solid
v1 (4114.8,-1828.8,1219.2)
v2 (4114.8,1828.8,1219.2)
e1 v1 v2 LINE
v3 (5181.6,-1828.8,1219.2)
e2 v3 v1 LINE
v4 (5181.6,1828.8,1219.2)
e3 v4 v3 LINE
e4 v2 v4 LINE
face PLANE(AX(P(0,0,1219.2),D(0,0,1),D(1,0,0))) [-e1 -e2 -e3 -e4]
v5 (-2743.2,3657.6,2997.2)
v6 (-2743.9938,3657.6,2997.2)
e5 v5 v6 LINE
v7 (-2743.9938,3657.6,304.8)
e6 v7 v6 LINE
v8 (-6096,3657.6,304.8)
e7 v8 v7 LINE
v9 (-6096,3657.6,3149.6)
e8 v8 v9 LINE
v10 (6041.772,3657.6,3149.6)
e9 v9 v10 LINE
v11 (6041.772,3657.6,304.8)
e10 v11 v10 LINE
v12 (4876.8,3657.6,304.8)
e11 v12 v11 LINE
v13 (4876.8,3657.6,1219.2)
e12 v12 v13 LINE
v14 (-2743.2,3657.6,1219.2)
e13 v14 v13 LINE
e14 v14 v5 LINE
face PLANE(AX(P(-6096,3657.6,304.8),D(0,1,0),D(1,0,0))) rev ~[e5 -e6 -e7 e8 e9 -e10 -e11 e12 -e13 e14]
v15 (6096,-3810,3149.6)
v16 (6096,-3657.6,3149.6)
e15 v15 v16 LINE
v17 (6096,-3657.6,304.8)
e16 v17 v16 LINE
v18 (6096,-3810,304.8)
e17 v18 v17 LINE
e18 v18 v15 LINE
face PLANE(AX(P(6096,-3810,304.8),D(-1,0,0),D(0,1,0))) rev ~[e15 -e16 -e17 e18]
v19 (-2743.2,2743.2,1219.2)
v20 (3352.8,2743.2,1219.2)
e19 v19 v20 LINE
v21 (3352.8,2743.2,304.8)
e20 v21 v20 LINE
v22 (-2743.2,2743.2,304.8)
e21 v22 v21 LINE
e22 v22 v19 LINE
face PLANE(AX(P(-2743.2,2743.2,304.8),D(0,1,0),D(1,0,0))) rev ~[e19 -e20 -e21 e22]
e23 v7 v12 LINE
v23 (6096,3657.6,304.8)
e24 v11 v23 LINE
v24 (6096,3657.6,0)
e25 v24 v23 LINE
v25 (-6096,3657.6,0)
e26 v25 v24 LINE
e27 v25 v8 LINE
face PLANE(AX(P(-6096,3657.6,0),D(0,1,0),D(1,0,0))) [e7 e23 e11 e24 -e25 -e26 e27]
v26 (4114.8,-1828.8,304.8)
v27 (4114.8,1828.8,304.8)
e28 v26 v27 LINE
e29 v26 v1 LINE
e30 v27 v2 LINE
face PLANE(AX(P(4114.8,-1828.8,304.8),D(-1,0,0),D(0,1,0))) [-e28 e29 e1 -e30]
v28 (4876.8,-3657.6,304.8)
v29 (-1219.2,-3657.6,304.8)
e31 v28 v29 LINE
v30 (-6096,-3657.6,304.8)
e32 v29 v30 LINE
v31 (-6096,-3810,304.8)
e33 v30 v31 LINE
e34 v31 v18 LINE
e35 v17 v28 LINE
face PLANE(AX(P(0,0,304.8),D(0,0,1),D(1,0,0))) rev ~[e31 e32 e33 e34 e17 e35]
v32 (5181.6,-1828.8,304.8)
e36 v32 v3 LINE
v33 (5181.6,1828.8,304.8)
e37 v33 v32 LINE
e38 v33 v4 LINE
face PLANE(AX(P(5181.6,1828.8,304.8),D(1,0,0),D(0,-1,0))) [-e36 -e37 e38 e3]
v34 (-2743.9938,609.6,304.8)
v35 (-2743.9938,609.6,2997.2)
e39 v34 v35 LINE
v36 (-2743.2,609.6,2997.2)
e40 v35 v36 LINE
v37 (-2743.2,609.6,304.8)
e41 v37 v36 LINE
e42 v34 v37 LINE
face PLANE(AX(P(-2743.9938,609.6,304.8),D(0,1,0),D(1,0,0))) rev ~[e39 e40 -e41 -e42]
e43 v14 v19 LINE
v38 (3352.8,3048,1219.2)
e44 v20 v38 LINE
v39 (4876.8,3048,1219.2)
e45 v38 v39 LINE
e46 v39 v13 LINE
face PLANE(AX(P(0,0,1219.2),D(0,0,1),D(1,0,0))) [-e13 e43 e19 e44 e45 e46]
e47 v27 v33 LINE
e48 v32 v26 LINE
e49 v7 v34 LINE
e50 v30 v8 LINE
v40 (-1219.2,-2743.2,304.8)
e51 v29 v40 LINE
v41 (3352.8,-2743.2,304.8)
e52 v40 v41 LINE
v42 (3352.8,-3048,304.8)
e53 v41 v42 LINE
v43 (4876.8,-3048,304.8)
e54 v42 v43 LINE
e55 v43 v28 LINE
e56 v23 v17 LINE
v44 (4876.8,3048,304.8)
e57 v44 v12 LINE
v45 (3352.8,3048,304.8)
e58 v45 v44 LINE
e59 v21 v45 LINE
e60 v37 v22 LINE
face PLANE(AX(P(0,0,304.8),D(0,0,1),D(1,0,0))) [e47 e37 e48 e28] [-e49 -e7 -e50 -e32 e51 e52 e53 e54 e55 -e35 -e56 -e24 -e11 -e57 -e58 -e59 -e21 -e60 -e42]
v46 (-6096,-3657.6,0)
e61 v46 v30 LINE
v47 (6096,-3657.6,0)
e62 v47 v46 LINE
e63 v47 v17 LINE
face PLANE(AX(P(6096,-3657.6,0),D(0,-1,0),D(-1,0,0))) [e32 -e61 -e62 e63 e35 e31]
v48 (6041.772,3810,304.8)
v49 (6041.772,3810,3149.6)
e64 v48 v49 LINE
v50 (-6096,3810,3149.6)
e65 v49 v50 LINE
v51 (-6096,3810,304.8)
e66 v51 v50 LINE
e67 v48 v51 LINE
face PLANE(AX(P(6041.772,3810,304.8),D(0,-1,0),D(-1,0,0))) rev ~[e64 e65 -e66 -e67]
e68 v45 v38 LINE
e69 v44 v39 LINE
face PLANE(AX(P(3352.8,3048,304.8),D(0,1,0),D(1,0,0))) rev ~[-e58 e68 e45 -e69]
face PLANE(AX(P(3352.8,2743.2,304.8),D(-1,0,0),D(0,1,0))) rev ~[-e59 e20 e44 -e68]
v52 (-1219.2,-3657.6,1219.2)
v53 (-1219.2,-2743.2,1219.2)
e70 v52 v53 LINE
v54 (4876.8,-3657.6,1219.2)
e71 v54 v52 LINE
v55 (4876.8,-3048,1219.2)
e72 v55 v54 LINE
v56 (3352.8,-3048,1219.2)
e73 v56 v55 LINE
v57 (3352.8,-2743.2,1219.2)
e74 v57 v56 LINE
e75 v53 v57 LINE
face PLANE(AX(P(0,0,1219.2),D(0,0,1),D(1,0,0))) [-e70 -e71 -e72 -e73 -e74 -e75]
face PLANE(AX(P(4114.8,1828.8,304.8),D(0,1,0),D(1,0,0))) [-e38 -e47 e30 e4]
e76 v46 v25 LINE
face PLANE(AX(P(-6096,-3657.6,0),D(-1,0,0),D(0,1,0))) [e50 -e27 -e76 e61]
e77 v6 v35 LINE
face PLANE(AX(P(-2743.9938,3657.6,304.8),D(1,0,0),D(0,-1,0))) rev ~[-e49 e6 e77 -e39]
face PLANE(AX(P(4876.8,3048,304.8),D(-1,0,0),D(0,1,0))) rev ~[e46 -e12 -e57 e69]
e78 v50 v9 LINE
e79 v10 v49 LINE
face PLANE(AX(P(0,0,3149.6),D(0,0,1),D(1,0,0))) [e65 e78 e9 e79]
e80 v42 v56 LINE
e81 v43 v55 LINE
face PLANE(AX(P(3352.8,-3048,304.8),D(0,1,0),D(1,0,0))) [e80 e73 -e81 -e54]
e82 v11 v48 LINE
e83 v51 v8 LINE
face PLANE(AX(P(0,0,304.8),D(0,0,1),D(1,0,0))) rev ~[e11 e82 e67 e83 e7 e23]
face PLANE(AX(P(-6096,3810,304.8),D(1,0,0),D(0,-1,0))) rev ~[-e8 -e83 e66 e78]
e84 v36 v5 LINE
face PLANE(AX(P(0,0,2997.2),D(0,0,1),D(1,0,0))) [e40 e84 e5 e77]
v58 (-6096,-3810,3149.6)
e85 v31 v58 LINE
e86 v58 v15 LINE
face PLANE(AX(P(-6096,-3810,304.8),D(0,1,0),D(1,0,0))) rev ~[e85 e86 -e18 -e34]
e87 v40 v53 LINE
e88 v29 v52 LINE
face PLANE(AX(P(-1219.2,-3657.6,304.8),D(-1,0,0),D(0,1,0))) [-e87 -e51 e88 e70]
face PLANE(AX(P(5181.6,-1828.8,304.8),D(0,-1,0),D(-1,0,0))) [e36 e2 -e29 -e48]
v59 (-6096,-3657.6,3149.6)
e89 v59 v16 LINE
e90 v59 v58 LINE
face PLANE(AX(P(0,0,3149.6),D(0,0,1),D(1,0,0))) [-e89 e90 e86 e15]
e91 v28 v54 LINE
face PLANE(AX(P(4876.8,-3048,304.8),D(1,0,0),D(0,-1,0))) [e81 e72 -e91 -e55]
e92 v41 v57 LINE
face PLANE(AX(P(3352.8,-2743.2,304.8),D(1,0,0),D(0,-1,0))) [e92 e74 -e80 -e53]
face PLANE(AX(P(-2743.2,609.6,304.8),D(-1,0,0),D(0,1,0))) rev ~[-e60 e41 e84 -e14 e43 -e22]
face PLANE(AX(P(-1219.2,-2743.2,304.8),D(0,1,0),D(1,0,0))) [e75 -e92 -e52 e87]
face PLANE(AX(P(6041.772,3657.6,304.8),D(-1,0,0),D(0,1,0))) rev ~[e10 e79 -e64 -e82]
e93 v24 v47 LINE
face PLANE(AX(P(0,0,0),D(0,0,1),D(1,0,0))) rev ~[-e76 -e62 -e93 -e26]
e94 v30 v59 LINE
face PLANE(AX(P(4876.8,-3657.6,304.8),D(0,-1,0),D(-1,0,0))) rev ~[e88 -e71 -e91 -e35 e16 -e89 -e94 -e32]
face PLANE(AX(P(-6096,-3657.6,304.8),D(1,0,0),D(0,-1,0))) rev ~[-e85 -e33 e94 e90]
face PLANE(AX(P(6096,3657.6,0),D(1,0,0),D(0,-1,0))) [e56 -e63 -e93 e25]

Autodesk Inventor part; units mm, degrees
ref_plane "YZ Plane" through (0, 0, 0) normal (1, 0, 0) x (0, 1, 0)
ref_plane "XZ Plane" through (0, 0, 0) normal (0, 1, 0) x (-1, 0, 0)
ref_plane "XY Plane" through (0, 0, 0) normal (0, 0, 1) x (1, 0, 0)
sketch "Sketch1" plane through (0, 0, 0) normal (0, 0, 1) x (1, 0, 0)
  line L0 (6096, -3657.6) -> (-6096, -3657.6)
  line L1 (-6096, -3657.6) -> (-6096, 3657.6)
  line L2 (-6096, 3657.6) -> (6096, 3657.6)
  line L3 (6096, 3657.6) -> (6096, -3657.6)
  line L4 (6096, -3657.6) -> (-6096, 3657.6) construction
  line L5 (-6096, -3657.6) -> (6096, 3657.6) construction
  point P0 (0, 0)
  dimension "d0" = 12192
  dimension "d1" = 7315.2
extrude "Floor" add sketch "Sketch1" along normal blind 304.8
sketch "Sketch2" plane through (0, 0, 304.8) normal (0, 0, 1) x (1, 0, 0)
  line L0 (4114.8, 1828.8) -> (5181.6, 1828.8)
  line L1 (5181.6, 1828.8) -> (5181.6, -1828.8)
  line L2 (5181.6, -1828.8) -> (4114.8, -1828.8)
  line L3 (4114.8, -1828.8) -> (4114.8, 1828.8)
  line L4 (4114.8, 1828.8) -> (5181.6, -1828.8) construction
  line L5 (5181.6, 1828.8) -> (4114.8, -1828.8) construction
  line L6 (6096, -3657.6) -> (6096, 3657.6) projected
  line L7 (-6096, -3657.6) -> (6096, -3657.6) projected
  point P0 (0, 0)
  point P1 (4648.2, 0)
  dimension "d4" = 914.4
  dimension "d5" = 1828.8
  dimension "d6" = 1066.8
  dimension "d7" = 3657.6
extrude "Desk" add sketch "Sketch2" along normal blind 914.4
sketch "Sketch3" plane through (0, 0, 304.8) normal (0, 0, 1) x (1, 0, 0)
  line L0 (3352.8, -3048) -> (4876.8, -3048)
  line L1 (4876.8, -3048) -> (4876.8, -3657.6)
  line L2 (4876.8, -3657.6) -> (3352.8, -3657.6)
  line L3 (3352.8, -3657.6) -> (3352.8, -3048)
  line L4 (3352.8, -3048) -> (4876.8, -3657.6) construction
  line L5 (4876.8, -3048) -> (3352.8, -3657.6) construction
  line L6 (6096, -3657.6) -> (6096, 3657.6) projected
  line L7 (-6096, -3657.6) -> (6096, -3657.6) projected
  line L8 (-6096, 0) -> (6153.2675, 0) construction
  line L9 (3352.8, 3048) -> (4876.8, 3048)
  line L10 (4876.8, 3048) -> (4876.8, 3657.6)
  line L11 (4876.8, 3657.6) -> (3352.8, 3657.6)
  line L12 (3352.8, 3657.6) -> (3352.8, 3048)
  point P0 (0, 0)
  point P1 (4114.8, -3352.8)
  point P2 (4114.8, 3352.8)
  dimension "d10" = 609.6
  dimension "d11" = 1524
  dimension "d12" = 1219.2
  dimension "d13" = 0
extrude "Sinks" add sketch "Sketch3" along normal blind 914.4
sketch "Sketch4" plane through (0, 0, 304.8) normal (0, 0, 1) x (1, 0, 0)
  line L0 (3352.8, 3657.6) -> (-2743.2, 3657.6)
  line L1 (-2743.2, 3657.6) -> (-2743.2, 2743.2)
  line L2 (-2743.2, 2743.2) -> (3352.8, 2743.2)
  line L3 (3352.8, 2743.2) -> (3352.8, 3657.6)
  line L4 (3352.8, -3657.6) -> (4876.8, -3657.6) projected
  line L5 (3352.8, -3657.6) -> (-1219.2, -3657.6)
  line L6 (-1219.2, -3657.6) -> (-1219.2, -2743.2)
  line L7 (-1219.2, -2743.2) -> (3352.8, -2743.2)
  line L8 (3352.8, -2743.2) -> (3352.8, -3657.6)
  point P0 (0, 0)
  dimension "d16" = 914.4
  dimension "d17" = 6096
  dimension "d18" = 4572
  dimension "d19" = 914.4
extrude "Counters" add sketch "Sketch4" along normal blind 914.4
sketch "Sketch5" plane through (0, 0, 304.8) normal (0, 0, 1) x (1, 0, 0)
  line L0 (-6096, 3657.6) -> (-6096, -3657.6) projected
  line L1 (-6096, 3657.6) -> (6041.772, 3657.6)
  line L2 (6041.772, 3657.6) -> (6041.772, 3810)
  line L3 (6041.772, 3810) -> (-6096, 3810)
  line L4 (-6096, 3810) -> (-6096, 3657.6)
  line L5 (4876.8, -3657.6) -> (6096, -3657.6) projected
  line L6 (6096, -3657.6) -> (-6096, -3657.6)
  line L7 (-6096, -3657.6) -> (-6096, -3810)
  line L8 (-6096, -3810) -> (6096, -3810)
  line L9 (6096, -3810) -> (6096, -3657.6)
  point P0 (0, 0)
  dimension "d22" = 152.4
  dimension "d23" = 152.4
extrude "Room Walls" add sketch "Sketch5" along normal blind 2844.8
sketch "Sketch6" plane through (-6096, 3657.6, 304.8) normal (0, -1, 0) x (1, 0, 0)
  line L0 (12192, 0) -> (12192, 2844.8) projected
  line L1 (0, 0) -> (0, 2844.8) projected
  line L2 (12192, 2844.8) -> (0, 2844.8)
  line L3 (0, 2844.8) -> (0, 2692.4)
  line L4 (0, 2692.4) -> (12192, 2692.4)
  line L5 (12192, 2692.4) -> (12192, 2844.8)
  point P0 (6096, -304.8)
  dimension "d26" = 152.4
extrude "Roof" [suppressed]
sketch "Sketch7" plane through (0, 0, 304.8) normal (0, 0, 1) x (1, 0, 0)
  line L0 (-2743.2, 3657.6) -> (-2743.9938, 3657.6)
  line L1 (-2743.9938, 3657.6) -> (-2743.9938, 609.6)
  line L2 (-2743.9938, 609.6) -> (-2743.2, 609.6)
  line L3 (-2743.2, 609.6) -> (-2743.2, 3657.6)
  point P0 (0, 0)
  dimension "d29" = 0.7937
  dimension "d30" = 3048
extrude "Extrusion7" add sketch "Sketch7" along normal blind 2692.4
properties part number "Room3L10"
